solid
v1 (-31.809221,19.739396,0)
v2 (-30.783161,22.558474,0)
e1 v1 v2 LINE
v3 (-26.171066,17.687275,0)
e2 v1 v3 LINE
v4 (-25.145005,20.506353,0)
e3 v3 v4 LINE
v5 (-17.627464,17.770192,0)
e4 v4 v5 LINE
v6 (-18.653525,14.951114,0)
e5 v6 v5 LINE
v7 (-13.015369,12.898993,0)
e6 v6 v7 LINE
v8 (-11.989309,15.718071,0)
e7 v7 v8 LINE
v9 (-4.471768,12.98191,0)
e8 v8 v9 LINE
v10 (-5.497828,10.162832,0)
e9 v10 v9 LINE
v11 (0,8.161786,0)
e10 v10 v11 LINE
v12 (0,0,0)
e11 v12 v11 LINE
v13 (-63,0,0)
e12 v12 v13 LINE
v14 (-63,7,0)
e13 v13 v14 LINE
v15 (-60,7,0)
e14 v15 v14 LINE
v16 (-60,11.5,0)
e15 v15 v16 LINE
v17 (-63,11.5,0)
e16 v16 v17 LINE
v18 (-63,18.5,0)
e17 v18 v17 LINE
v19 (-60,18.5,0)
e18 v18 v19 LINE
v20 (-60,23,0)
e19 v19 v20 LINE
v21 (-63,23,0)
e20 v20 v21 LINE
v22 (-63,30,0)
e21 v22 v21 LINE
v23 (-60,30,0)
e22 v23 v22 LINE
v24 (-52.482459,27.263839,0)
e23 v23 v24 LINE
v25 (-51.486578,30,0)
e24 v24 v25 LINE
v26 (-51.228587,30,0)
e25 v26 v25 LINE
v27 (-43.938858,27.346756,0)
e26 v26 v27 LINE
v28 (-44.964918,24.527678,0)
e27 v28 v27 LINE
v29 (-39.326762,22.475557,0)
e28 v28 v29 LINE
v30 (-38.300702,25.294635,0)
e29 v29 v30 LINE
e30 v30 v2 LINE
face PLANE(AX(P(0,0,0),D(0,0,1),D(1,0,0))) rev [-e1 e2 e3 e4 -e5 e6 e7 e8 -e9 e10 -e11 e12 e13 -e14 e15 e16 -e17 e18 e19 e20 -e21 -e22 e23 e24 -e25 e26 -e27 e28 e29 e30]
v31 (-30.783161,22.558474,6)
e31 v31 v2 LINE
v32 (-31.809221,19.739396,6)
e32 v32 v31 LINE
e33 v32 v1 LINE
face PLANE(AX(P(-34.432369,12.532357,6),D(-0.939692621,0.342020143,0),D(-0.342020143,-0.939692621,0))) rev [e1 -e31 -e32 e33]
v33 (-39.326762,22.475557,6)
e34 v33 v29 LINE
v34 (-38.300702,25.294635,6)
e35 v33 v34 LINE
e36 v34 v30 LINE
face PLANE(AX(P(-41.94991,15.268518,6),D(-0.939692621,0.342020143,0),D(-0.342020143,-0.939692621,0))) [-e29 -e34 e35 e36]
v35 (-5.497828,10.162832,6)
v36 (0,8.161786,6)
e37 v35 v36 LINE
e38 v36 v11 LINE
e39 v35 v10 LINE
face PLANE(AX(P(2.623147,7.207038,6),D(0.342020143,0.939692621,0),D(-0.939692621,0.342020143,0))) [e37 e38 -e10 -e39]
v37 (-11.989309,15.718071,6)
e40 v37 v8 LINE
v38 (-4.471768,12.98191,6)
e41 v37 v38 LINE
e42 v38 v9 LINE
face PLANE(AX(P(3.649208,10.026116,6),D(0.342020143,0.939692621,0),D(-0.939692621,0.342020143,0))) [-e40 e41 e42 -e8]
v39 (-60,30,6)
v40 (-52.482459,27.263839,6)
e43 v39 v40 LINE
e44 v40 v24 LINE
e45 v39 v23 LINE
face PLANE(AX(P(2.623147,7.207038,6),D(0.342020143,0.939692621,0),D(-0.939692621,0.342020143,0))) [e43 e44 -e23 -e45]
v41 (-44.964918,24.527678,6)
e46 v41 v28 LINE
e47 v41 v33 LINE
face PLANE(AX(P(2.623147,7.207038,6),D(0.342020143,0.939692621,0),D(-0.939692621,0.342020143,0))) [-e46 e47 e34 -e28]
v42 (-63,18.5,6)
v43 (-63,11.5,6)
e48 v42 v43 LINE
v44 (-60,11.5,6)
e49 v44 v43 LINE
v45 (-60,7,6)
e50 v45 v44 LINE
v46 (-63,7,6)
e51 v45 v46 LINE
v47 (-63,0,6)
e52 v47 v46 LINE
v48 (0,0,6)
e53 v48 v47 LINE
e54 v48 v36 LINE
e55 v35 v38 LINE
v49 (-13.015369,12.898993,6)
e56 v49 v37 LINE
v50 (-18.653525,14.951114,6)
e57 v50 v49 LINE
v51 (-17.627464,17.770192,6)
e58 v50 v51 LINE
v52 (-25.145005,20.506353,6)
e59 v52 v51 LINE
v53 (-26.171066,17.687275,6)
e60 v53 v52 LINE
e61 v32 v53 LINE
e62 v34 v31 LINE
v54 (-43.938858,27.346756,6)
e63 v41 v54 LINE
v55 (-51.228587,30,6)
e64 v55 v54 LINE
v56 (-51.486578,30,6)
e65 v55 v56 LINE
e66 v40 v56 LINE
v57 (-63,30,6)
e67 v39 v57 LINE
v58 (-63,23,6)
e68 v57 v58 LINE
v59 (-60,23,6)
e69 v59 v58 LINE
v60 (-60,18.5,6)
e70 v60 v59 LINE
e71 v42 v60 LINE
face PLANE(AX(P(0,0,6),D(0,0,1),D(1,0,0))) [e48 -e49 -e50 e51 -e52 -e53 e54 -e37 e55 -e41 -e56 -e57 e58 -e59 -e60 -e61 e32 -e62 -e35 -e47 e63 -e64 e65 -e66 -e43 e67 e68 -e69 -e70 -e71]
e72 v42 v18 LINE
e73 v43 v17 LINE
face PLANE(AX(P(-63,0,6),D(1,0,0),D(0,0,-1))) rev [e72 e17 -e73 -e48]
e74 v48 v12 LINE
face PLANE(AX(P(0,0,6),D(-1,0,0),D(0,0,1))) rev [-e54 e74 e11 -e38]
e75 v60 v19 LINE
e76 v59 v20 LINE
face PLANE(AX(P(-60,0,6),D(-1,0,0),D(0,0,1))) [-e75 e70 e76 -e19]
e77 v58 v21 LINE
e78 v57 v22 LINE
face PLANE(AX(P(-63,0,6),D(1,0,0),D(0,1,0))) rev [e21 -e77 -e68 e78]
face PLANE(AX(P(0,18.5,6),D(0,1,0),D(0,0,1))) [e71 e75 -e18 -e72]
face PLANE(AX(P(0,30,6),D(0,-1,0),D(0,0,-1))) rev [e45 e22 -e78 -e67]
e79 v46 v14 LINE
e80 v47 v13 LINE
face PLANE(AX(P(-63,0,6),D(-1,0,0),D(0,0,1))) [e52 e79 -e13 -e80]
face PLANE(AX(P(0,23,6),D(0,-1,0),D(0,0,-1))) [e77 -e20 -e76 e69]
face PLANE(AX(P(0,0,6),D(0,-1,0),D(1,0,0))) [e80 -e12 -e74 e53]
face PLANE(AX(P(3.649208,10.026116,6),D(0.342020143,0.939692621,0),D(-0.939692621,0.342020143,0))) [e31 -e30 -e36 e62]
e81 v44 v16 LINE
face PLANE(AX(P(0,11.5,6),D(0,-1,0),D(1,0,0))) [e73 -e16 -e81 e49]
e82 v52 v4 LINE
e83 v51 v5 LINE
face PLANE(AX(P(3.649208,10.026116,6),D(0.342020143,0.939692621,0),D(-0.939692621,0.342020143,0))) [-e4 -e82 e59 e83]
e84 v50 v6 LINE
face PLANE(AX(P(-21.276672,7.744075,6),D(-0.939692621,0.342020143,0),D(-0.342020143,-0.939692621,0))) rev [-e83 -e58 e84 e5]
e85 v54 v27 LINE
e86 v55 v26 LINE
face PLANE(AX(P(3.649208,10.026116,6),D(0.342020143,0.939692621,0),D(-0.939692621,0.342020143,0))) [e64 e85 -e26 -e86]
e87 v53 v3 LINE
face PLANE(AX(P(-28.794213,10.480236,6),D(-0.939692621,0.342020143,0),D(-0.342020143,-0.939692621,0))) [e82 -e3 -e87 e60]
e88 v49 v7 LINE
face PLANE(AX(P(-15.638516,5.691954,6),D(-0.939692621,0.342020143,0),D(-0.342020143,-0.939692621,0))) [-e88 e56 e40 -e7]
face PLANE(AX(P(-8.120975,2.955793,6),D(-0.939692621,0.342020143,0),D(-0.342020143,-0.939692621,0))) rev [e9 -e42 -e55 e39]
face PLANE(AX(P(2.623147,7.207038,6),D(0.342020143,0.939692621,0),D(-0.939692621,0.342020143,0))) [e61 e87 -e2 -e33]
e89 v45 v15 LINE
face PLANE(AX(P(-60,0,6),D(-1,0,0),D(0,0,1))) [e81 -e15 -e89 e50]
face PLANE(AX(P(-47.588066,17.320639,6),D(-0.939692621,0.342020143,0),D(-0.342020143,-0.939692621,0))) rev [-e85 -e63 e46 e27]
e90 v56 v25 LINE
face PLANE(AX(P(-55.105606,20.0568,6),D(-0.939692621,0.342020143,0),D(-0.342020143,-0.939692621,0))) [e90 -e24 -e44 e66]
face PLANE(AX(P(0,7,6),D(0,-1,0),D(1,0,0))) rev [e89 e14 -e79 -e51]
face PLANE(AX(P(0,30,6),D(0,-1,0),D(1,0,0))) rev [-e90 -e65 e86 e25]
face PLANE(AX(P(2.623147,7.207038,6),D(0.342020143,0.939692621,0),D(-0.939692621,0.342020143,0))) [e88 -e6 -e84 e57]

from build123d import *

# Parameters (mm, degrees)
BOSS_EXTRU_1_DEPTH = 6


with BuildPart() as part:
    # Esquisse1 → Boss.-Extru.1 (new body)
    with BuildSketch(Plane.XY):
        Polygon((-52.482459034, 27.263838853), (-60, 30), (-63, 30), (-63, 23), (-60, 23), (-60, 18.5), (-63, 18.5), (-63, 11.5), (-60, 11.5), (-60, 7), (-63, 7), (-63, 0), (0, 0), (0, 8.161785944), (-5.497827994, 10.162831687), (-4.471767564, 12.981909549), (-11.989308531, 15.718070696), (-13.015368961, 12.898992834), (-18.653524685, 14.951113694), (-17.627464255, 17.770191556), (-25.145005222, 20.506352703), (-26.171065652, 17.68727484), (-31.809221376, 19.7393957), (-30.783160946, 22.558473563), (-38.300701913, 25.294634709), (-39.326762343, 22.475556847), (-44.964918067, 24.527677707), (-43.938857637, 27.346755569), (-51.2285868, 30), (-51.48657782, 30), align=None)
    extrude(amount=BOSS_EXTRU_1_DEPTH)


solid = part.part
